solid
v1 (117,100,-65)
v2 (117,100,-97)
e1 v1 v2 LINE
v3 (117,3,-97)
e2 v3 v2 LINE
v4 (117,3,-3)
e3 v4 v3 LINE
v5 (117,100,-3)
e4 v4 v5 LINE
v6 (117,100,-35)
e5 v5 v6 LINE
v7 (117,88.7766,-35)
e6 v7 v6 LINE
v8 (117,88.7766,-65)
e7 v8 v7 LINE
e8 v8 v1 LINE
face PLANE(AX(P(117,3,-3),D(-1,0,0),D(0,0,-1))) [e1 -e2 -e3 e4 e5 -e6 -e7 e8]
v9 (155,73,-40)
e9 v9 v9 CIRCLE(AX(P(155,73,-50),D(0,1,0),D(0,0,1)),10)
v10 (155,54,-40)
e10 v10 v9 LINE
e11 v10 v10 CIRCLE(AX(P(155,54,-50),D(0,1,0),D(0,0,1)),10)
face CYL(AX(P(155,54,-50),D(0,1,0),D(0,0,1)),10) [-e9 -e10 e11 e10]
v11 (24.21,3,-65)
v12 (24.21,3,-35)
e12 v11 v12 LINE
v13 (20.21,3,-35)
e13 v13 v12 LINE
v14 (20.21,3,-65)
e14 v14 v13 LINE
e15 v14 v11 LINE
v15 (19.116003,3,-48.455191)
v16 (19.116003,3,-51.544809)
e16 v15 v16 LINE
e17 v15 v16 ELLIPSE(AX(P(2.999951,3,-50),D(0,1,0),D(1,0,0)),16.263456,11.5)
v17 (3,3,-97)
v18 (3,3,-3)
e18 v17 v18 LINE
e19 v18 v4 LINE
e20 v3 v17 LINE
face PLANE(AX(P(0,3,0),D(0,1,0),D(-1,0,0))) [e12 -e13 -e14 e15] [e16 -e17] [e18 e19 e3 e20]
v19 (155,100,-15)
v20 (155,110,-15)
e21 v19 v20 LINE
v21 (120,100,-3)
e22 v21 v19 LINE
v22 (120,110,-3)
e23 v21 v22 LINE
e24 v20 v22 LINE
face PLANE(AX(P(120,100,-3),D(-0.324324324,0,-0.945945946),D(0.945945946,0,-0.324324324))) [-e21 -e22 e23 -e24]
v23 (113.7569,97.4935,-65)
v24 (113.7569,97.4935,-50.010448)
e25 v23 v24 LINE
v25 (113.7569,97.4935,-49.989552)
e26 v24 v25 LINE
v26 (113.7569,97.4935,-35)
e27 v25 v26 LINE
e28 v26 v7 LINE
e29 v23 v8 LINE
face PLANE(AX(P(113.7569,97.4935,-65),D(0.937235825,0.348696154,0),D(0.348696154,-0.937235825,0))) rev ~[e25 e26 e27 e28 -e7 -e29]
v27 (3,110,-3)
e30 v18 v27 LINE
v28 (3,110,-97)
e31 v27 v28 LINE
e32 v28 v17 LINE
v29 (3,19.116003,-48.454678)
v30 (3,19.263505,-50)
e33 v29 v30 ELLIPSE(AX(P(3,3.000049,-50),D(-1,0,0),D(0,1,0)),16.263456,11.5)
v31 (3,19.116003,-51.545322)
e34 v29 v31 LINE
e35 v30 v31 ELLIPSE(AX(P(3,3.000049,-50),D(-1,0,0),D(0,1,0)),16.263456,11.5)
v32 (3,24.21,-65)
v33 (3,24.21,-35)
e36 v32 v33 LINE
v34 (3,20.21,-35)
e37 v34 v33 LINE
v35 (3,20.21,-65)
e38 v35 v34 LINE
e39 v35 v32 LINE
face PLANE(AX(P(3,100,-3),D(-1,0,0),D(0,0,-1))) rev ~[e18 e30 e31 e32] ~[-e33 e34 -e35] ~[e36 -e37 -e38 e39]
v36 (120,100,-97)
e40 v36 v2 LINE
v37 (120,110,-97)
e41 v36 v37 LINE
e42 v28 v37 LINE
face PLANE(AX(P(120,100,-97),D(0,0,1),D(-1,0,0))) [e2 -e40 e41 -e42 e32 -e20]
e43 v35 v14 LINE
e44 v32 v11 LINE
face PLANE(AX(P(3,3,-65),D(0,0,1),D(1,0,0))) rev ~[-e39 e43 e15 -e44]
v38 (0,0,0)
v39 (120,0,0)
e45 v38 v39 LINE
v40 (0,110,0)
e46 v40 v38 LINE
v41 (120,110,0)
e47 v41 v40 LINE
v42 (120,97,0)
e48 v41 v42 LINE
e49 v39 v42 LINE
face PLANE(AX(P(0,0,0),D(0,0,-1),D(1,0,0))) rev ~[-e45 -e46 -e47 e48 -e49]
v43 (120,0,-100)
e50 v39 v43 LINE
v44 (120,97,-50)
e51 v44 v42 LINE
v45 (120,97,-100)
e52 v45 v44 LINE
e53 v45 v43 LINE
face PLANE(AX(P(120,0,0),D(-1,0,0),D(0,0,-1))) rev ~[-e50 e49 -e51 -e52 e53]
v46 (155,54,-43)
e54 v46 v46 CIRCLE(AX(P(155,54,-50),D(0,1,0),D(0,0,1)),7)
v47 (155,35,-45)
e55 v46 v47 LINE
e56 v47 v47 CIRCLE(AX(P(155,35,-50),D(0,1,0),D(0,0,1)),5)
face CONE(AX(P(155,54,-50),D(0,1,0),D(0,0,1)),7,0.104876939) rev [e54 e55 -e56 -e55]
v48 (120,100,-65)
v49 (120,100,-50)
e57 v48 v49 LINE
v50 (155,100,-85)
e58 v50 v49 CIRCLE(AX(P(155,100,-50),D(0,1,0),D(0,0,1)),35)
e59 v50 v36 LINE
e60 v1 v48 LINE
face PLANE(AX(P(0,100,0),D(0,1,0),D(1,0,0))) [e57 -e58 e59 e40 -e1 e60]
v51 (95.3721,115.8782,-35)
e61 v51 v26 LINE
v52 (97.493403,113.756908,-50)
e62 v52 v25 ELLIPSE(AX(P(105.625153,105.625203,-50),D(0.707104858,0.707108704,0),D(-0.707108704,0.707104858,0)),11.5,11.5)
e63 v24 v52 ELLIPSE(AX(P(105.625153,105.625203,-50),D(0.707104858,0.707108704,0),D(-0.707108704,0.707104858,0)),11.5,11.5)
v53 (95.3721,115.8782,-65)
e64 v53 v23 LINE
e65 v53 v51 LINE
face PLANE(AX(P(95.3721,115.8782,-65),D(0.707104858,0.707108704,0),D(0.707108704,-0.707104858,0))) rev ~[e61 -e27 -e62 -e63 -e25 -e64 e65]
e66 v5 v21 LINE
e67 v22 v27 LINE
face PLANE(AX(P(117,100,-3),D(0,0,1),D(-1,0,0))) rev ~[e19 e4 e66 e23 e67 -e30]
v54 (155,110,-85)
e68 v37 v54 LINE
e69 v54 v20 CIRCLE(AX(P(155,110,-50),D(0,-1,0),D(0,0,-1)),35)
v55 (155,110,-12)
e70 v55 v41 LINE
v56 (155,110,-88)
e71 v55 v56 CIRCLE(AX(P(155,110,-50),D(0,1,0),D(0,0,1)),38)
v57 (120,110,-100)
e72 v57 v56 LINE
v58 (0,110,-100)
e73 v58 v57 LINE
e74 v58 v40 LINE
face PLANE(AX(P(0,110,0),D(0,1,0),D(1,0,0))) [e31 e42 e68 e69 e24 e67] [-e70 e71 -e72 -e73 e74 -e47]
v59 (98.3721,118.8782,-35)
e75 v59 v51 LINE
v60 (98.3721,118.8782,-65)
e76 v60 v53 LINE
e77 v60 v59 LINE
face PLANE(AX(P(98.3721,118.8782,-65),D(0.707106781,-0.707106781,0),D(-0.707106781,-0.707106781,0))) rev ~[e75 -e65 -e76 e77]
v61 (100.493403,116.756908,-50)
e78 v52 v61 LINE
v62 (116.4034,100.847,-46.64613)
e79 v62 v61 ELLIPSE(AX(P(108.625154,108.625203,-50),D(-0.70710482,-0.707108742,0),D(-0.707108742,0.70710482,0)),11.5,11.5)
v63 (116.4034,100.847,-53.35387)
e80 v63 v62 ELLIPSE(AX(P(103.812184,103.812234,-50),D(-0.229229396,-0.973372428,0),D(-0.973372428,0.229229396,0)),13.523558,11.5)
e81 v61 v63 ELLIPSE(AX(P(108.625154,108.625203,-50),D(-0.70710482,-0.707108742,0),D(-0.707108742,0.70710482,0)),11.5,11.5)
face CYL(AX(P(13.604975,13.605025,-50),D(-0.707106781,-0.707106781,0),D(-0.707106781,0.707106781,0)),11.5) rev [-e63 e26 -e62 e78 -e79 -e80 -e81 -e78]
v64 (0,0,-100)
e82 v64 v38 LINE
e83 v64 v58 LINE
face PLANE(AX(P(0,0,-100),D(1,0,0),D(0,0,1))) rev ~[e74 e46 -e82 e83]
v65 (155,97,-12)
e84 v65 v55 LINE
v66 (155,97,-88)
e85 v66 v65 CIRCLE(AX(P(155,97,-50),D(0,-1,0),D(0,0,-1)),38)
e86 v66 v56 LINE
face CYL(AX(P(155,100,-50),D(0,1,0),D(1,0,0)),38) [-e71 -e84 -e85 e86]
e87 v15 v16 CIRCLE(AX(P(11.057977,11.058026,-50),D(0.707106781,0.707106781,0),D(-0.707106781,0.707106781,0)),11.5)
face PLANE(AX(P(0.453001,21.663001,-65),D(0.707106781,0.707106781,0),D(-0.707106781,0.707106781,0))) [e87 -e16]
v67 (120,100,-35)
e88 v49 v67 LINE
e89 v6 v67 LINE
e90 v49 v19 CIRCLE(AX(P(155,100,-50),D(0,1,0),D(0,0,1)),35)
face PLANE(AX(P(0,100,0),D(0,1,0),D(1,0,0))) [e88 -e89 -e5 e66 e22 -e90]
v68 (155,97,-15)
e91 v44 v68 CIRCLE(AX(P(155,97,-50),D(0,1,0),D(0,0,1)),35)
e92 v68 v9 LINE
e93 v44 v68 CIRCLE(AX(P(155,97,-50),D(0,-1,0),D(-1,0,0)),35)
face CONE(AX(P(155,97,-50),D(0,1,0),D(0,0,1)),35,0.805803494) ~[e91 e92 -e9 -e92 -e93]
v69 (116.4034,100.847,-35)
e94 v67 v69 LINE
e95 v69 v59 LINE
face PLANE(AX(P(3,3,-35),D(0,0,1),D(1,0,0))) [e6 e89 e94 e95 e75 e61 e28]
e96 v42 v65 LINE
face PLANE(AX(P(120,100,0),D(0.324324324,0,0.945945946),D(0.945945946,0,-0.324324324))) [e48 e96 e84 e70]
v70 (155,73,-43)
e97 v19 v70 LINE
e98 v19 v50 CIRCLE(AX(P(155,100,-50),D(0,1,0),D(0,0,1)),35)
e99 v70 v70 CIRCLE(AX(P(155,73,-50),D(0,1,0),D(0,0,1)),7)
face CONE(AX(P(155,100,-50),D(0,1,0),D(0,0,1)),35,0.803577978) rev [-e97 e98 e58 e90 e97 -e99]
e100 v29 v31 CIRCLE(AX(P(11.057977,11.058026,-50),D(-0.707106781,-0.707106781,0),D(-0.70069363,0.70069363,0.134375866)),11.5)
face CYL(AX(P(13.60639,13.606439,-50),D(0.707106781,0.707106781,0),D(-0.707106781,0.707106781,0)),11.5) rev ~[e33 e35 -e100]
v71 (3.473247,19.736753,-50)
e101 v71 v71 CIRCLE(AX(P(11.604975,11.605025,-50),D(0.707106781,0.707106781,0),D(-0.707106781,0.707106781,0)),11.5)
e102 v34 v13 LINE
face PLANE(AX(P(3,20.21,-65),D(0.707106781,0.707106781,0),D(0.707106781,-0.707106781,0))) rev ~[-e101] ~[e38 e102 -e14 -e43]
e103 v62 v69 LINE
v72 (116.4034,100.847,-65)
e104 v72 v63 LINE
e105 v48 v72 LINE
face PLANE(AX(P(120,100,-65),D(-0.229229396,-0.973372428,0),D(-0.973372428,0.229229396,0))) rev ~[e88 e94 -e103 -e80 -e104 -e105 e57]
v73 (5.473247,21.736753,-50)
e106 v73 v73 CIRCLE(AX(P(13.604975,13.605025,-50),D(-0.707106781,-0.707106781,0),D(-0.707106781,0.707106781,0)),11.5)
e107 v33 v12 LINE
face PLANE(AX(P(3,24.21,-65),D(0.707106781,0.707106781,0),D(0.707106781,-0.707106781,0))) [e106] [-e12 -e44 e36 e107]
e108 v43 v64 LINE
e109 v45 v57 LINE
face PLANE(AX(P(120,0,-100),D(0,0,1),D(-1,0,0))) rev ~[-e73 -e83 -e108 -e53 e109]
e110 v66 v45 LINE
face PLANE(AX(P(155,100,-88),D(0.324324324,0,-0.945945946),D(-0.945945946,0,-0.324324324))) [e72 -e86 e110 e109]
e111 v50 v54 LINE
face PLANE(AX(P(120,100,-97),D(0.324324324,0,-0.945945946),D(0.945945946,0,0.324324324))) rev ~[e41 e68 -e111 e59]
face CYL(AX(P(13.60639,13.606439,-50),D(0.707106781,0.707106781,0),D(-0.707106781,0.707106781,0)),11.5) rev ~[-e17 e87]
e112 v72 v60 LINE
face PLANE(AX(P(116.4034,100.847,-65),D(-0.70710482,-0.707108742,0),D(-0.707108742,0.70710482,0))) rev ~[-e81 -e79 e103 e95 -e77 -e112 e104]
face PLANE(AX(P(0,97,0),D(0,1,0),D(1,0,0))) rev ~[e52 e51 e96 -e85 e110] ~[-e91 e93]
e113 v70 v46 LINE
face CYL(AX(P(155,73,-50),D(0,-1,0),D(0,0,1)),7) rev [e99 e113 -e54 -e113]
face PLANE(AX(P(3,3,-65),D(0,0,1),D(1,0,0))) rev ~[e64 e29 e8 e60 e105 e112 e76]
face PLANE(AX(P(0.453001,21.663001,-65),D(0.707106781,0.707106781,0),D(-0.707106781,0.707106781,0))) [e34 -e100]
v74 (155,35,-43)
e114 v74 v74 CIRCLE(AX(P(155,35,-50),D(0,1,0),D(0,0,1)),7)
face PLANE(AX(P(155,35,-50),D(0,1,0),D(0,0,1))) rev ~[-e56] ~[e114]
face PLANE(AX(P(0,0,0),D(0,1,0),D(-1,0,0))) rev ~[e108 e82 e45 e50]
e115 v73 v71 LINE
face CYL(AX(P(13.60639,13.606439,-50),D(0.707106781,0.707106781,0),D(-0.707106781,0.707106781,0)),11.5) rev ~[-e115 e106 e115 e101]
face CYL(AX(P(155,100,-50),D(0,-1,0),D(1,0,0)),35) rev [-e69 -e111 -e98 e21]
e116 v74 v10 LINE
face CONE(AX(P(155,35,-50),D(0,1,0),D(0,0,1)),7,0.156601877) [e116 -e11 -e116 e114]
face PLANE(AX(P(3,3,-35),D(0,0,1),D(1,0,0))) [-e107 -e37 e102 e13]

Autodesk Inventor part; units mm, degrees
ref_plane "YZ Plane" through (0, 0, 0) normal (1, 0, 0) x (0, 1, 0)
ref_plane "XZ Plane" through (0, 0, 0) normal (0, 1, 0) x (-1, 0, 0)
ref_plane "XY Plane" through (0, 0, 0) normal (0, 0, 1) x (1, 0, 0)
sketch "Sketch1" plane through (0, 0, 0) normal (0, 1, 0) x (-1, 0, 0)
  line L0 (0, 0) -> (-120, 0)
  line L1 (-120, 0) -> (-120, -100)
  line L2 (-120, -100) -> (0, -100)
  line L3 (0, -100) -> (0, 0)
  dimension "d0" = 120
  dimension "d1" = 100
extrude "Extrusion1" add sketch "Sketch1" along normal blind 3
sketch "Sketch2" plane through (0, 3, 0) normal (0, 1, 0) x (1, 0, 0)
  line L0 (0, 100) -> (0, 0) construction
  line L1 (0, 0) -> (3, 0) construction
  line L2 (3, 0) -> (3, 3) construction
  line L3 (3, 3) -> (0, 3) construction
  line L4 (0, 3) -> (0, 0) construction
  line L5 (120, 100) -> (0, 100) construction
  line L6 (120, 100) -> (117, 100) construction
  line L7 (117, 100) -> (117, 97) construction
  line L8 (117, 97) -> (120, 97) construction
  line L9 (120, 97) -> (120, 100) construction
  line L10 (3, 3) -> (117, 3)
  line L11 (117, 3) -> (117, 97)
  line L12 (117, 97) -> (3, 97)
  line L13 (3, 97) -> (3, 3)
  line L14 (120, 0) -> (120, 100) projected
  line L15 (0, 0) -> (120, 0)
  line L16 (120, 0) -> (120, 100)
  line L17 (120, 100) -> (0, 100)
  line L18 (0, 100) -> (0, 0)
  dimension "d4" = 3
  dimension "d5" = 3
  dimension "d6" = 3
  dimension "d7" = 3
extrude "Extrusion2" add sketch "Sketch2" along normal blind 97
ref_plane "Work Plane1" through (155, 0, 0) normal (1, 0, 0) x (0, 0, -1)
sketch "Sketch3" plane through (155, 0, 0) normal (1, 0, 0) x (0, 0, -1)
  line L0 (0, 0) -> (0, 100) construction
  line L1 (0, 0) -> (50, 0) construction
  line L2 (100, 0) -> (0, 0) construction
  line L3 (50, 0) -> (50, 35) construction
  line L4 (50, 35) -> (43, 35) construction
  line L5 (50, 35) -> (50, 73) construction
  line L6 (50, 73) -> (40, 73) construction
  line L7 (40, 73) -> (40, 54) construction
  line L8 (43, 35) -> (40, 54)
  line L9 (40, 54) -> (40, 73)
  line L10 (3, 100) -> (97, 100) construction
  line L11 (50, 100) -> (15, 100) construction
  line L12 (15, 100) -> (15, 97)
  line L13 (15, 97) -> (40, 73)
  line L14 (15, 100) -> (43, 73)
  line L15 (43, 73) -> (43, 54)
  line L16 (43, 35) -> (45, 35)
  line L17 (43, 54) -> (45, 35)
  dimension "d11" = 35
  dimension "d12" = 7
  dimension "d13" = 38
  dimension "d14" = 10
  dimension "d15" = 35
  dimension "d16" = 3
  dimension "d81" = 19
  dimension "d82" = 3
  dimension "d83" = 2
  dimension "d84" = 19
revolve "Revolution1" add sketch "Sketch3" angle 360 about axis through (155, 35, -50) along (0, 1, 0)
sketch "Sketch4" plane through (0, 100, 0) normal (0, 1, 0) x (1, 0, 0)
  line L0 (120, 0) -> (120, 100) projected
  line L1 (120, 0) -> (120, 3)
  line L2 (120, 100) -> (0, 100) projected
  line L3 (120, 100) -> (120, 97)
  line L4 (120, 97) -> (120, 3)
  circle A0 centre (155, 50) radius 5 projected
  circle A1 centre (155, 50) radius 35
  circle A2 centre (155, 50) radius 38
  line L5 (120, 0) -> (120, 100) projected
  line L6 (120, 0) -> (155, 12)
  line L7 (155, 88) -> (120, 100)
  point P0 (0, 0)
  point P1 (120, 50)
  dimension "d18" = 3
  dimension "d19" = 3
  dimension "d89" = 70
  dimension "d90" = 3
extrude "Extrusion3" add sketch "Sketch4" against normal blind 3 contours L0 A2 L6 | A2 L0 | L0 L7 A2 picked at (191.3899, 55.4147)
sketch "Sketch5" plane through (0, 100, 0) normal (0, 1, 0) x (1, 0, 0)
  line L0 (120, 0) -> (120, 100) projected
  line L1 (0, 100) -> (0, 0) projected
  line L2 (120, 0) -> (0, 0)
  line L3 (0, 0) -> (0, 100)
  line L4 (0, 100) -> (120, 100)
  line L5 (120, 100) -> (120, 0)
  circle A0 centre (155, 50) radius 35 projected
  line L6 (117, 3) -> (117, 97) projected
  line L7 (117, 3) -> (3, 3) projected
  line L8 (3, 3) -> (3, 97) projected
  line L9 (117, 3) -> (3, 3)
  line L10 (3, 3) -> (3, 97)
  line L11 (3, 97) -> (117, 97)
  line L12 (117, 97) -> (117, 3)
  circle A1 centre (155, 50) radius 35
  circle A2 centre (155, 50) radius 38
  line L13 (0, 0) -> (120, 0) projected
  line L14 (120, 100) -> (155, 88) projected
  line L15 (120, 100) -> (155, 88)
  line L16 (155, 12) -> (120, 0) projected
  line L17 (120, 0) -> (155, 12)
  line L18 (120, 50) -> (120, 0) projected
  line L19 (120, 3) -> (155, 15)
  line L20 (120, 100) -> (120, 50) projected
  line L21 (120, 97) -> (155, 85)
  line L22 (155, 88) -> (120, 100) projected
  line L23 (117, 3) -> (120, 3)
  line L24 (120, 97) -> (117, 97)
  dimension "d85" = 3
  dimension "d91" = 37
  dimension "d92" = 37
extrude "Extrusion4" add sketch "Sketch5" along normal blind 10 contours L2 L1 L4 L0 L24 L11 L8 L7 L23 | L0 L19 A2 L16 | A2 L19 A0 L21 | L14 A2 L21 L0
ref_plane "Work Plane2" through (3, 3, -65) normal (0, 0, 1) x (1, 0, 0)
sketch "Sketch6" plane through (3, 3, -65) normal (0, 0, 1) x (1, 0, 0)
  line L0 (0, 0) -> (0, 107) projected
  line L1 (0, 0) -> (0, 21.21)
  line L2 (0, 0) -> (114, 0) projected
  line L3 (0, 0) -> (21.21, 0)
  line L4 (114, 0) -> (0, 0) projected
  line L5 (0, 21.21) -> (21.21, 0)
  line L6 (0, 21.21) -> (0, 17.21)
  line L7 (0, 17.21) -> (17.21, 0)
  point P0 (-3, -3)
  point P1 (0, 17.21)
  point P2 (17.21, 0)
  point P3 (21.21, 0)
  point P4 (0, 97)
  dimension "d26" = 21.21
  dimension "d27" = 21.21
  dimension "d28" = 4
extrude "Extrusion5" add sketch "Sketch6" along normal blind 30 contours L0 L5 L2 L7
sketch "Sketch7" plane through (3, 24.21, -65) normal (0.7071, 0.7071, 0) x (-0.7071, 0.7071, 0)
  line L0 (-29.9955, 30) -> (0, 30) projected
  line L1 (-14.9977, 30) -> (-14.9977, 15)
  circle A0 centre (-14.9977, 15) radius 11.5
  point P0 (-14.9977, 65)
  dimension "d31" = 15
  dimension "d32" = 23
extrude "Extrusion6" cut sketch "Sketch7" against normal blind 3.6
sketch "Sketch11" plane through (3, 3, -65) normal (0, 0, 1) x (1, 0, 0)
  line L0 (18.7367, 2.4733) -> (16.7367, 0.4733) construction
  line L1 (18.7367, 2.4733) -> (148.7367, 132.4733) construction
  line L2 (2.4733, 18.7367) -> (0.4733, 16.7367) construction
  line L3 (2.4733, 18.7367) -> (132.4733, 148.7367) construction
  line L4 (113.7569, 97.4935) -> (95.3721, 115.8782) construction
  line L5 (95.3721, 115.8782) -> (92.3721, 112.8782) construction
  line L6 (92.3721, 112.8782) -> (113.7569, 91.4935) construction
  line L7 (117, 97) -> (145, 70) projected
  line L8 (117, 97) -> (113.4034, 97.847)
  line L9 (113.4034, 97.847) -> (95.3721, 115.8782)
  line L10 (95.3721, 115.8782) -> (92.3721, 112.8782)
  line L11 (92.3721, 112.8782) -> (110.7569, 94.4935)
  line L12 (110.7569, 94.4935) -> (114, 85.7766)
  line L13 (114, 0) -> (114, 97) projected
  line L14 (114, 85.7766) -> (117, 85.7766)
  line L15 (117, 85.7766) -> (117, 97)
  line L16 (117, 94) -> (117, 107) projected
  point P0 (-3, -3)
  dimension "d65" = 130
  dimension "d66" = 130
  dimension "d67" = 26
  dimension "d68" = 3
  dimension "d69" = 134.3788
  dimension "d70" = 4.2426
  dimension "d71" = 49.4689
  dimension "d72" = 49.4689
  dimension "d73" = 25.634
  dimension "d74" = 149.293
  dimension "d75" = 0
extrude "Extrusion8" add sketch "Sketch11" along normal blind 30
sketch "Sketch12" plane through (3, 24.21, -65) normal (0.7071, 0.7071, 0) x (-0.7071, 0.7071, 0)
  line L0 (-14.9977, -32) -> (-14.9977, 62) projected
  circle A0 centre (-14.9977, 15) radius 11.5
  point P0 (-14.9977, 65)
  dimension "d78" = 23
extrude "Extrusion9" cut sketch "Sketch12" along normal through all
properties part number "Resoar V2"
